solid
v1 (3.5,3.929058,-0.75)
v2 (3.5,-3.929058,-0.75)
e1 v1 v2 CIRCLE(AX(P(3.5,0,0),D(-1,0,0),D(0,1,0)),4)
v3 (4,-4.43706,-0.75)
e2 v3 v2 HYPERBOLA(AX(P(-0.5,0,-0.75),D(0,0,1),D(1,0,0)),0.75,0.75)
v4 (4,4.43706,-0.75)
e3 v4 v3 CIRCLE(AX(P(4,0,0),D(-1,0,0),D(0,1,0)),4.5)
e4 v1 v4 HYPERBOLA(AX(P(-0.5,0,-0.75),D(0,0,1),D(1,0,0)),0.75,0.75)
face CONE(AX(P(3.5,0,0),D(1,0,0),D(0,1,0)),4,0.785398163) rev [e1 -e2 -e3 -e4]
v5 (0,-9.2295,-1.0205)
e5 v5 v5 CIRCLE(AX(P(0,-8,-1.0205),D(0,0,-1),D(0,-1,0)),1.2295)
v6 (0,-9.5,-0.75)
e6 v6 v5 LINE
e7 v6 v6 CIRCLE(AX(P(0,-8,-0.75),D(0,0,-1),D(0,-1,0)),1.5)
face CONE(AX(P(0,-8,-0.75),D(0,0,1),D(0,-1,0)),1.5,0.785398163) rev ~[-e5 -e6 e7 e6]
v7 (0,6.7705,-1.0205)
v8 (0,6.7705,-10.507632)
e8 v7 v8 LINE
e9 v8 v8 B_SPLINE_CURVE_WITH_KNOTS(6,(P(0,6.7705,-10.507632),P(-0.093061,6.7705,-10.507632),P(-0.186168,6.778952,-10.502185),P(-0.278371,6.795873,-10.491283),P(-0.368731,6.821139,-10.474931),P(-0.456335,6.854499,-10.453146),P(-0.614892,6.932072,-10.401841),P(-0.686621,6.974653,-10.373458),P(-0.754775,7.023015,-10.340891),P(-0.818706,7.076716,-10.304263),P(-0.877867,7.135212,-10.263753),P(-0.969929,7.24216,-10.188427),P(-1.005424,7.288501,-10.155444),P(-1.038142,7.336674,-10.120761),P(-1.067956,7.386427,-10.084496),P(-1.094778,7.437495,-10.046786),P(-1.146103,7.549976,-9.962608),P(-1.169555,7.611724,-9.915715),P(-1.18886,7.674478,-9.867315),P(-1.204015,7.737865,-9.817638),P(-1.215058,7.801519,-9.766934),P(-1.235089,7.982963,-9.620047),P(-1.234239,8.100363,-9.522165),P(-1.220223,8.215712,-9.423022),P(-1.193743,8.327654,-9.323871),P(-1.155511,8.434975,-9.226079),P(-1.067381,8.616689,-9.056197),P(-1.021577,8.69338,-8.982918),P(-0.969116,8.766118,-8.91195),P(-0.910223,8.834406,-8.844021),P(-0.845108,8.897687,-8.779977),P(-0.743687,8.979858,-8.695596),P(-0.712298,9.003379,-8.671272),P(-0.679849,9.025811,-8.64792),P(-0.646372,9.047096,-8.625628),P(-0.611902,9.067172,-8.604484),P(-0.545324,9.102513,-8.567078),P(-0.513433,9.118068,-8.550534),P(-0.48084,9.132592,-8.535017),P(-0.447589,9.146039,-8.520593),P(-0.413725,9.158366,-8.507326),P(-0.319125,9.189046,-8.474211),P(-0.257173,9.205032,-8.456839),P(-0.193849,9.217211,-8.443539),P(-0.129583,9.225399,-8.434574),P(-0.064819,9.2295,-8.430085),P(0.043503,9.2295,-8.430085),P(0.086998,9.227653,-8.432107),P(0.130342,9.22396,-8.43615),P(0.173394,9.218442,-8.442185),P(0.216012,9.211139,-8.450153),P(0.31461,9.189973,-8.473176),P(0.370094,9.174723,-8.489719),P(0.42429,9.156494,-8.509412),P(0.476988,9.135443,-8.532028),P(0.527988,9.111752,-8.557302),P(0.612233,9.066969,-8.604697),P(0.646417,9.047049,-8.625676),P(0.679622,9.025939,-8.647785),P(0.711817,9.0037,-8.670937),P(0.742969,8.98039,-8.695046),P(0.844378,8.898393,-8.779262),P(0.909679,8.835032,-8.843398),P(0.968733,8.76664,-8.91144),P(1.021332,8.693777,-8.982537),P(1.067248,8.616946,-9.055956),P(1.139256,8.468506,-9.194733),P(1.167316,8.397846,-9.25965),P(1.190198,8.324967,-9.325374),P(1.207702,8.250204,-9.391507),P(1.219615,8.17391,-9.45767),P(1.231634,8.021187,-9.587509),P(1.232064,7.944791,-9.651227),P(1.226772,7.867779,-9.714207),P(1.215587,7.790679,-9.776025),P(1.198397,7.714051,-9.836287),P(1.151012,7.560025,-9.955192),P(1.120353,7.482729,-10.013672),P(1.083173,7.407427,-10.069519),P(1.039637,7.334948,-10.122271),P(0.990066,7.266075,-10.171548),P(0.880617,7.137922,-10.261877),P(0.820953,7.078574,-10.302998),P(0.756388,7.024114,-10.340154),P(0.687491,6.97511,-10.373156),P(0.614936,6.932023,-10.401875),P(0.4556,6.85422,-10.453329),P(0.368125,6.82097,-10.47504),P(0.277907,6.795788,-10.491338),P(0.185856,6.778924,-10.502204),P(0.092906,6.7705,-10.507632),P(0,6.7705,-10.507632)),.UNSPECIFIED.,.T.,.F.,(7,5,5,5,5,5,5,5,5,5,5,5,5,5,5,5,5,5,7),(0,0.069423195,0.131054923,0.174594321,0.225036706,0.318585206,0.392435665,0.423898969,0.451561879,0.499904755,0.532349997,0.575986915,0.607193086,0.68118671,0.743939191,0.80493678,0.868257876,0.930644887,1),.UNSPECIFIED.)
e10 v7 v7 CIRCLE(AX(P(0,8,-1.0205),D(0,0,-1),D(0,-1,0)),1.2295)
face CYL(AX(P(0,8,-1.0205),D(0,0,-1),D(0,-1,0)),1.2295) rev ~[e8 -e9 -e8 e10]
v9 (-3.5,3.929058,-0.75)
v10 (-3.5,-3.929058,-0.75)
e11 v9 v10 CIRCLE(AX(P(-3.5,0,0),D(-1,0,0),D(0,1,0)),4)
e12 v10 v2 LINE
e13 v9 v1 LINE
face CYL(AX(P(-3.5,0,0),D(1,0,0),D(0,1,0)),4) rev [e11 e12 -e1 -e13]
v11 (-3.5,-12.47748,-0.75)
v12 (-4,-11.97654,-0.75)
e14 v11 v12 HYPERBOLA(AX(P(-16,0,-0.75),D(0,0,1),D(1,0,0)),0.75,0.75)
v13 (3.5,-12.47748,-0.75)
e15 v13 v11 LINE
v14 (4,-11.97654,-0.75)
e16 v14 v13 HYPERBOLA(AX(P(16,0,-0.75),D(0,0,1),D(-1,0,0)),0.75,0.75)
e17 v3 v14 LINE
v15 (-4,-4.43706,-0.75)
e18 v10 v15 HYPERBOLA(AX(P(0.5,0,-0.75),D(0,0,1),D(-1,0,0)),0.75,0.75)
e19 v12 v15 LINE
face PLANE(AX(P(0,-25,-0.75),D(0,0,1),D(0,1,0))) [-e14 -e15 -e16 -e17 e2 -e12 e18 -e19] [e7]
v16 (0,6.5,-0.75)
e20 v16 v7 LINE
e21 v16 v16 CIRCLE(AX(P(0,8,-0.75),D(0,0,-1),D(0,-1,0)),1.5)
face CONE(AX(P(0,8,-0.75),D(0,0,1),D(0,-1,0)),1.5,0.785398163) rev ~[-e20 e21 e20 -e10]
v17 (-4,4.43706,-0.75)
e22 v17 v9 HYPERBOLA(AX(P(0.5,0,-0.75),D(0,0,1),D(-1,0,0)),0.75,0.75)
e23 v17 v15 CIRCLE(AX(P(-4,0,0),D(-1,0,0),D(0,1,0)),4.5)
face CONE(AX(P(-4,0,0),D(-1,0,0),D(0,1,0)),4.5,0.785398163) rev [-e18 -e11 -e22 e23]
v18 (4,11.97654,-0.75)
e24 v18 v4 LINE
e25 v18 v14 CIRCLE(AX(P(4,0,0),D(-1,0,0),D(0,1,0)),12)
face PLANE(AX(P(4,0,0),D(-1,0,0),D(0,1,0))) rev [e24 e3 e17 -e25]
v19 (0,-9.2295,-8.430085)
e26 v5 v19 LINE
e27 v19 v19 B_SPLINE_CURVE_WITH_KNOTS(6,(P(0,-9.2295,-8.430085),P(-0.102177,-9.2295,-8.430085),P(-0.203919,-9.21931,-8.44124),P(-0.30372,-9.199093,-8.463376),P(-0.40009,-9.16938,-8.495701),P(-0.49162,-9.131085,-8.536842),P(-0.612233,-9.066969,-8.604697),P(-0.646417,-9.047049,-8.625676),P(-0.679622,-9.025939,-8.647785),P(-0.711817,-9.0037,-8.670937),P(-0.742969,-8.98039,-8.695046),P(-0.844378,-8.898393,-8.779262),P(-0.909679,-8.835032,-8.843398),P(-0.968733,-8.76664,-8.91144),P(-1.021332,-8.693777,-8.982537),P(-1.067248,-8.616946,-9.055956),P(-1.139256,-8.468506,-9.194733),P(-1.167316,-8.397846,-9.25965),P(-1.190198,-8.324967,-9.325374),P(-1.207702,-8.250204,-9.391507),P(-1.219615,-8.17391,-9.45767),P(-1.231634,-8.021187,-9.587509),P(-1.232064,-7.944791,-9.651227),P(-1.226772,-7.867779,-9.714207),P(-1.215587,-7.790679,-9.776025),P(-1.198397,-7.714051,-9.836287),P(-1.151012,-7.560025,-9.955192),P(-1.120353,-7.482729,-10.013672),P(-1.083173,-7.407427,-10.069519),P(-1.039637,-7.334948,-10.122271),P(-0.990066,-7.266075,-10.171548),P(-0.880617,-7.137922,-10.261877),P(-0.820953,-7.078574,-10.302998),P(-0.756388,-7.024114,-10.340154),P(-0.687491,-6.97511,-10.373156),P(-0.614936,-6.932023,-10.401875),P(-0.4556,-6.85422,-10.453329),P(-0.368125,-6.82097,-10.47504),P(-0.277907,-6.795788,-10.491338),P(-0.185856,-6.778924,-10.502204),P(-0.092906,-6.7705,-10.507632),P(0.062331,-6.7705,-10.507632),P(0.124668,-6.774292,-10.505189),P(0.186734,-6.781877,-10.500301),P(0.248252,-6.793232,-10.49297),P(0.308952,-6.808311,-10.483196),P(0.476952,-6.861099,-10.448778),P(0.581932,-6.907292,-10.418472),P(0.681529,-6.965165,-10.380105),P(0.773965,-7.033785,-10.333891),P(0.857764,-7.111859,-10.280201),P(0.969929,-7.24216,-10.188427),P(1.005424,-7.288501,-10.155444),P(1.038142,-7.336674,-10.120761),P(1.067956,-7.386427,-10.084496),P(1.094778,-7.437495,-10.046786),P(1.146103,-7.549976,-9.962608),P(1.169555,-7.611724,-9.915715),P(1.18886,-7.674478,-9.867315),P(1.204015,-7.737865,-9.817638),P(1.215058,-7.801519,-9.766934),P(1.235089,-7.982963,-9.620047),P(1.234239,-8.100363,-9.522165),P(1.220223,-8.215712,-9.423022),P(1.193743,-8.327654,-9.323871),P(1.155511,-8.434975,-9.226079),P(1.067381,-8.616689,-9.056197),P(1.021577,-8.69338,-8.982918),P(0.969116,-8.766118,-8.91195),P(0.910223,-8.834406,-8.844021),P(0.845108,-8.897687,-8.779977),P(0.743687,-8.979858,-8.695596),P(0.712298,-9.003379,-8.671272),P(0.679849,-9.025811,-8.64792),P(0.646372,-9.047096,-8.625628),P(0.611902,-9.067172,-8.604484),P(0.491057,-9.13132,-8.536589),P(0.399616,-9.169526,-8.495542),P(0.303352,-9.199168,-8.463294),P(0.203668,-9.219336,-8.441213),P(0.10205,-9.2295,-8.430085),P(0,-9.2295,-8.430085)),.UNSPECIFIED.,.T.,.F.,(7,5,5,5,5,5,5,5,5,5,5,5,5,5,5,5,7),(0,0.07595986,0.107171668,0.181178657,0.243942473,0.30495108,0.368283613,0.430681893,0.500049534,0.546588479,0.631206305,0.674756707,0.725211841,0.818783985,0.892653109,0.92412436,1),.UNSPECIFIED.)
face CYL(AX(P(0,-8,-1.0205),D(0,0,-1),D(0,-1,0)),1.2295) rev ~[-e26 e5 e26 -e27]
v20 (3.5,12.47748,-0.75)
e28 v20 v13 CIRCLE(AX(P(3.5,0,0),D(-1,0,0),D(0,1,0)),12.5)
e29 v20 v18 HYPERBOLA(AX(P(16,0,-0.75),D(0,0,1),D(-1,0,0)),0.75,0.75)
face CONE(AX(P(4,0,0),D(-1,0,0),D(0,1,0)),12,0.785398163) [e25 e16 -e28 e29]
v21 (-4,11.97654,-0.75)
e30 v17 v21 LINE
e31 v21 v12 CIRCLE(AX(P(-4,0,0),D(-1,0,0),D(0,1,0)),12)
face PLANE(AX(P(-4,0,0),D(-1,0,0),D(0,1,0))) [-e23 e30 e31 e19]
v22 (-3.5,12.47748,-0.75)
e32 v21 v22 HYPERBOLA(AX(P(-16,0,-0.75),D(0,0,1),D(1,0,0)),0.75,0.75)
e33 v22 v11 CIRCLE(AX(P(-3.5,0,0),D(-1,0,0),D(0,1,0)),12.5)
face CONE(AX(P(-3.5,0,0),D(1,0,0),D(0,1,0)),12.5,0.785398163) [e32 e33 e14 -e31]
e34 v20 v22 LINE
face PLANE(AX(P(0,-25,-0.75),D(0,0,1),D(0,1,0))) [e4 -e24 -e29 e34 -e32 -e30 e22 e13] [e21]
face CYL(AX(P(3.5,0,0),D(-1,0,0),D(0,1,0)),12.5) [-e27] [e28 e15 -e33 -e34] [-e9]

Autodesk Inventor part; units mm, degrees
sketch "_____1" plane through (0, 0, 0) normal (0, 0, 1) x (1, 0, 0)
  line L0 (50, 0) -> (-50, 0)
  line L1 (-4, 12) -> (-4, 4.5)
  line L2 (-4, 4.5) -> (-3.5, 4)
  line L3 (-3.5, 4) -> (3.5, 4)
  line L4 (3.5, 4) -> (4, 4.5)
  line L5 (4, 4.5) -> (4, 12)
  line L6 (4, 12) -> (3.5, 12.5)
  line L7 (3.5, 12.5) -> (-3.5, 12.5)
  line L8 (-3.5, 12.5) -> (-4, 12)
revolve "Revolution1" add sketch "_____1" angle 180 about axis through (50, 0, 0) along (-1, 0, 0)
sketch "_____2" plane through (0, 0, 0) normal (1, 0, 0) x (0, 0, -1)
  line L0 (-0.75, -25) -> (0.75, -25)
  line L1 (0.75, -25) -> (0.75, 25)
  line L2 (0.75, 25) -> (-0.75, 25)
  line L3 (-0.75, 25) -> (-0.75, -25)
extrude "Extrusion1" cut sketch "_____2" along normal mid plane 16
sketch "Sketch3" plane through (-3.5, 3.9291, -0.75) normal (0, 0, 1) x (1, 0, 0)
  point P0 (3.5, 4.0709)
hole "Hole1" at (0, 8, -0.75) direction (0, 0, -1) diameter 2.459 depth 12.5 countersink diameter 3 countersink angle 90 thread size "M3x0.5" class "6H" standard "ISO Metric profile"
pattern_linear "Rectangular Pattern1" count 2 spacing 16 along (0, -1, 0) of "Hole1"
ref_plane "to_body_XY" through (0, 0, 0) normal (0, 0, 1) x (1, 0, 0)
ref_plane "to_body_YZ" through (0, 0, 0) normal (1, 0, 0) x (0, 1, 0)
ref_plane "to_body_ZX" through (0, 0, 0) normal (0, 1, 0) x (0, 0, 1)
properties part number "C-SCNPAW8-8_2"
